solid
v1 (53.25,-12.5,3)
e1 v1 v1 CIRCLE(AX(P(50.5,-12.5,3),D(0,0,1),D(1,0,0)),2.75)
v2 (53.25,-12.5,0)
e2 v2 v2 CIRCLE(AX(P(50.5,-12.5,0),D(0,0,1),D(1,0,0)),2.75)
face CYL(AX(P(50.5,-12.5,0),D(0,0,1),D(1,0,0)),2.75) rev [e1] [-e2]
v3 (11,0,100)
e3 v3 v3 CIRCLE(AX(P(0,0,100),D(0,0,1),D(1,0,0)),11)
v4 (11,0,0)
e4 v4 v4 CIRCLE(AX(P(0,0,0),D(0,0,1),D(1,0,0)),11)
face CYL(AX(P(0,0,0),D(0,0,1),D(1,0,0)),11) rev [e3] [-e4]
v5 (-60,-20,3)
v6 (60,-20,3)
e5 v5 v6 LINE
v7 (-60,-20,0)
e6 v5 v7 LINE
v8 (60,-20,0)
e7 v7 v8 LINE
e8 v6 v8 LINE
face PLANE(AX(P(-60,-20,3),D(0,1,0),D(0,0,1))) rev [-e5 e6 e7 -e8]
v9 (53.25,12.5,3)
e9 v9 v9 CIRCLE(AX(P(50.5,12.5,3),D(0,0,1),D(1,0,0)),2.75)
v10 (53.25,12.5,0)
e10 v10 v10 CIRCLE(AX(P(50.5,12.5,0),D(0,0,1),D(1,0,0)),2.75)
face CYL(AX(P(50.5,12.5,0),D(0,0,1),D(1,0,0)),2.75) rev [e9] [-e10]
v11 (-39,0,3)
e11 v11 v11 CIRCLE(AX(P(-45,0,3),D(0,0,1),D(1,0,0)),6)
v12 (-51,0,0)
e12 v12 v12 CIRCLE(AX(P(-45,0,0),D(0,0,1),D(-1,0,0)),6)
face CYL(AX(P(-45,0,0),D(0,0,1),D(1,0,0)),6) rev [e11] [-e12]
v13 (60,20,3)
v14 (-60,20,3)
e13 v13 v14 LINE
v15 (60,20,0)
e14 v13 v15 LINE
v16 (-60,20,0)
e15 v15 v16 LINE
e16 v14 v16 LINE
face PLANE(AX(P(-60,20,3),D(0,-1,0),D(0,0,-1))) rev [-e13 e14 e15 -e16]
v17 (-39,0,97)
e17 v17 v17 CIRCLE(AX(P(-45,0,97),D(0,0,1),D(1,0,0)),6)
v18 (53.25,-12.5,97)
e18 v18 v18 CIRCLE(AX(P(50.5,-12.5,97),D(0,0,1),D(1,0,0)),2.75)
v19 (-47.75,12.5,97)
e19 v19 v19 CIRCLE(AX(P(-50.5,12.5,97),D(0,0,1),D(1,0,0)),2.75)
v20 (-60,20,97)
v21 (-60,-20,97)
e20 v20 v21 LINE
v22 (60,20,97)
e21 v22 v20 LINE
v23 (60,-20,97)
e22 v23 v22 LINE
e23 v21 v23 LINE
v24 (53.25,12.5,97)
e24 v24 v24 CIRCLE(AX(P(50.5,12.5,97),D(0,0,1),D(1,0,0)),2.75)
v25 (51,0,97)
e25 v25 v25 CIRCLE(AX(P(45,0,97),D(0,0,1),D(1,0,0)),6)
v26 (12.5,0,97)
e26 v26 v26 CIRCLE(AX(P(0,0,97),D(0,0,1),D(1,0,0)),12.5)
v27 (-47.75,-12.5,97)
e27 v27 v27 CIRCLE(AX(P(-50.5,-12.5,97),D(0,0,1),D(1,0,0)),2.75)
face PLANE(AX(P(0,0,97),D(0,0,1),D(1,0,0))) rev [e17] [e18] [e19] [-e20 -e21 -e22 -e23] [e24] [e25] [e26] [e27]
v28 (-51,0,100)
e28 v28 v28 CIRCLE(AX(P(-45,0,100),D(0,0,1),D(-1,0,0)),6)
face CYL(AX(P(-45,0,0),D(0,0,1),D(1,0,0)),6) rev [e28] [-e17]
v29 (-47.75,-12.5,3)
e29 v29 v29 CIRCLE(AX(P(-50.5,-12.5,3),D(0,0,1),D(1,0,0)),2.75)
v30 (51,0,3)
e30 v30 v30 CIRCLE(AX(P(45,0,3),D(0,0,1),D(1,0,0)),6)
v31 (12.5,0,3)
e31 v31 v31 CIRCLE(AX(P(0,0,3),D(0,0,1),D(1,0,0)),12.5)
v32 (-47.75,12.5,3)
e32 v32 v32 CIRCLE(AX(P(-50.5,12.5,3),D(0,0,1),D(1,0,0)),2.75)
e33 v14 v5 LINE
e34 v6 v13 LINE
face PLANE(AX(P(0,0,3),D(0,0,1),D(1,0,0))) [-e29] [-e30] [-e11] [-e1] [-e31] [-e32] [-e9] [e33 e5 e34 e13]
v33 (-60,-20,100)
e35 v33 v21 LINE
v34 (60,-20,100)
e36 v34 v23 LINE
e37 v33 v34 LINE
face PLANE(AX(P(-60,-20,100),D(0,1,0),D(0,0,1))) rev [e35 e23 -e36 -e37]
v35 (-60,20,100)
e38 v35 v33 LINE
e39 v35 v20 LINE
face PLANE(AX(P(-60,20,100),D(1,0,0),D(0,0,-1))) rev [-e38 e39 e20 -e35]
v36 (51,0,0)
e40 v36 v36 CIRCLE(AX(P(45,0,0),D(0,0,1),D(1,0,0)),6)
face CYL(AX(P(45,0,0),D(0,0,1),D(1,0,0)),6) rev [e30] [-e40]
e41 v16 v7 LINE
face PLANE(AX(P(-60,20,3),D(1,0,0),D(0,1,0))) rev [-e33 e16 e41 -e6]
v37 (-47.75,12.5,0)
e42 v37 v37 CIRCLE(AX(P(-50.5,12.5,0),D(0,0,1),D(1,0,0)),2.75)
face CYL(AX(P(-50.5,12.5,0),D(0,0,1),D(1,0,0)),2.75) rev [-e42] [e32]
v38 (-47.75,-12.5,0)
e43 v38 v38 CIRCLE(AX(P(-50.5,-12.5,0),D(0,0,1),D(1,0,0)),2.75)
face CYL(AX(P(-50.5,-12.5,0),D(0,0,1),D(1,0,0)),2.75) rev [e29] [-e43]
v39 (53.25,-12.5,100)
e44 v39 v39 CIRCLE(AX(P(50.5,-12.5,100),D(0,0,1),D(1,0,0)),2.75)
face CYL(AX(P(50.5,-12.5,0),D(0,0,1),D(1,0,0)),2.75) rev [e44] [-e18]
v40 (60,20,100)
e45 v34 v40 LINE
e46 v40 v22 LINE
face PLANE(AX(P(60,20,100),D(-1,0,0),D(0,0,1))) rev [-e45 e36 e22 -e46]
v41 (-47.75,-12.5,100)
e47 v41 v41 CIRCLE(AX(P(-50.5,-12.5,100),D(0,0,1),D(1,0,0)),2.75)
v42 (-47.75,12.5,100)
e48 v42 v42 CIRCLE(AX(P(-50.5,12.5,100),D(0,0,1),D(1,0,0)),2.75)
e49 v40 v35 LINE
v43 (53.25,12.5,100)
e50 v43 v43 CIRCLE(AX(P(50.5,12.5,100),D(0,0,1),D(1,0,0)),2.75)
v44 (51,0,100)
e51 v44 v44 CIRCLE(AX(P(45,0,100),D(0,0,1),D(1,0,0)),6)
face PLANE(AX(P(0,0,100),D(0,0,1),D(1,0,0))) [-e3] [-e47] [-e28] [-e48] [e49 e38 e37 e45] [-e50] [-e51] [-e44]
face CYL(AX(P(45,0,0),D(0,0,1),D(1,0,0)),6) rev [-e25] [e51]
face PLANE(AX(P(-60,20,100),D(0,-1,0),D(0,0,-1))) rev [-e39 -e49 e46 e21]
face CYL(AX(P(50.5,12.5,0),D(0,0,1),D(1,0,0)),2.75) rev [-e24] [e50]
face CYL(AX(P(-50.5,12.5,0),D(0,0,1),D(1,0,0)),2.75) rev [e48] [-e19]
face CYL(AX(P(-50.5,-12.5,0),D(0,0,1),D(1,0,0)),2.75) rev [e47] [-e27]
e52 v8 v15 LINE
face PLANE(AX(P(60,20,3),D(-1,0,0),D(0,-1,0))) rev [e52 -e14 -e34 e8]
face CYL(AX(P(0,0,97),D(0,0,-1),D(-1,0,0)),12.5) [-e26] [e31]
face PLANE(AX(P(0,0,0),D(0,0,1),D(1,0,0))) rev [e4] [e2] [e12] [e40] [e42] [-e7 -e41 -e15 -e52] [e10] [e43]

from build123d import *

# Parameters (mm, degrees)
SKETCH_1_W               = 120
SKETCH_1_H               = 40
EXTRUDE_1_DEPTH          = 3
SKETCH_2_R               = 12.5
EXTRUDE_2_DEPTH          = 94
SKETCH_3_W               = 120
SKETCH_3_H               = 40
EXTRUDE_3_DEPTH          = 3
CUT_EXTRUDE_1_DEPTH      = 119.321595662
CUT_EXTRUDE_1_DEPTH_BACK = 119.321595662
SKETCH_4_R               = 11
SKETCH_5_R               = 2.75
CUT_EXTRUDE_2_DEPTH      = 119.321595662
SKETCH_6_R               = 6
CUT_EXTRUDE_3_DEPTH      = 119.321595662


with BuildPart() as part:
    # 草图1 → 凸台-拉伸1 (new body)
    with BuildSketch(Plane.XY):
        Rectangle(SKETCH_1_W, SKETCH_1_H)
    extrude(amount=EXTRUDE_1_DEPTH)

    # 草图2 → 凸台-拉伸2 (add)
    with BuildSketch(Plane.XY.offset(3)):
        Circle(SKETCH_2_R)
    extrude(amount=EXTRUDE_2_DEPTH)

    # 草图3 → 凸台-拉伸3 (add)
    with BuildSketch(Plane.XY.offset(97)):
        Rectangle(SKETCH_3_W, SKETCH_3_H)
    extrude(amount=EXTRUDE_3_DEPTH)

    # 草图4 → 切除-拉伸1 (cut, two sides: drawn at the far end of the back side and taken through both)
    with BuildSketch(Plane.XY.offset(100).offset(-CUT_EXTRUDE_1_DEPTH_BACK)):
        Circle(SKETCH_4_R)
    extrude(amount=CUT_EXTRUDE_1_DEPTH + CUT_EXTRUDE_1_DEPTH_BACK, mode=Mode.SUBTRACT)

    # 草图5 → 切除-拉伸2 (cut, through all)
    with BuildSketch(Plane.XY.offset(100)):
        with Locations((-50.5, 12.5)):
            Circle(SKETCH_5_R)
        with Locations((-50.5, -12.5)):
            Circle(SKETCH_5_R)
        with Locations((50.5, 12.5)):
            Circle(SKETCH_5_R)
        with Locations((50.5, -12.5)):
            Circle(SKETCH_5_R)
    extrude(amount=-CUT_EXTRUDE_2_DEPTH, mode=Mode.SUBTRACT)

    # 草图6 → 切除-拉伸3 (cut, through all)
    with BuildSketch(Plane.XY.offset(100)):
        with Locations((45, 0)):
            Circle(SKETCH_6_R)
        with Locations((-45, 0)):
            Circle(SKETCH_6_R)
    extrude(amount=-CUT_EXTRUDE_3_DEPTH, mode=Mode.SUBTRACT)


solid = part.part
